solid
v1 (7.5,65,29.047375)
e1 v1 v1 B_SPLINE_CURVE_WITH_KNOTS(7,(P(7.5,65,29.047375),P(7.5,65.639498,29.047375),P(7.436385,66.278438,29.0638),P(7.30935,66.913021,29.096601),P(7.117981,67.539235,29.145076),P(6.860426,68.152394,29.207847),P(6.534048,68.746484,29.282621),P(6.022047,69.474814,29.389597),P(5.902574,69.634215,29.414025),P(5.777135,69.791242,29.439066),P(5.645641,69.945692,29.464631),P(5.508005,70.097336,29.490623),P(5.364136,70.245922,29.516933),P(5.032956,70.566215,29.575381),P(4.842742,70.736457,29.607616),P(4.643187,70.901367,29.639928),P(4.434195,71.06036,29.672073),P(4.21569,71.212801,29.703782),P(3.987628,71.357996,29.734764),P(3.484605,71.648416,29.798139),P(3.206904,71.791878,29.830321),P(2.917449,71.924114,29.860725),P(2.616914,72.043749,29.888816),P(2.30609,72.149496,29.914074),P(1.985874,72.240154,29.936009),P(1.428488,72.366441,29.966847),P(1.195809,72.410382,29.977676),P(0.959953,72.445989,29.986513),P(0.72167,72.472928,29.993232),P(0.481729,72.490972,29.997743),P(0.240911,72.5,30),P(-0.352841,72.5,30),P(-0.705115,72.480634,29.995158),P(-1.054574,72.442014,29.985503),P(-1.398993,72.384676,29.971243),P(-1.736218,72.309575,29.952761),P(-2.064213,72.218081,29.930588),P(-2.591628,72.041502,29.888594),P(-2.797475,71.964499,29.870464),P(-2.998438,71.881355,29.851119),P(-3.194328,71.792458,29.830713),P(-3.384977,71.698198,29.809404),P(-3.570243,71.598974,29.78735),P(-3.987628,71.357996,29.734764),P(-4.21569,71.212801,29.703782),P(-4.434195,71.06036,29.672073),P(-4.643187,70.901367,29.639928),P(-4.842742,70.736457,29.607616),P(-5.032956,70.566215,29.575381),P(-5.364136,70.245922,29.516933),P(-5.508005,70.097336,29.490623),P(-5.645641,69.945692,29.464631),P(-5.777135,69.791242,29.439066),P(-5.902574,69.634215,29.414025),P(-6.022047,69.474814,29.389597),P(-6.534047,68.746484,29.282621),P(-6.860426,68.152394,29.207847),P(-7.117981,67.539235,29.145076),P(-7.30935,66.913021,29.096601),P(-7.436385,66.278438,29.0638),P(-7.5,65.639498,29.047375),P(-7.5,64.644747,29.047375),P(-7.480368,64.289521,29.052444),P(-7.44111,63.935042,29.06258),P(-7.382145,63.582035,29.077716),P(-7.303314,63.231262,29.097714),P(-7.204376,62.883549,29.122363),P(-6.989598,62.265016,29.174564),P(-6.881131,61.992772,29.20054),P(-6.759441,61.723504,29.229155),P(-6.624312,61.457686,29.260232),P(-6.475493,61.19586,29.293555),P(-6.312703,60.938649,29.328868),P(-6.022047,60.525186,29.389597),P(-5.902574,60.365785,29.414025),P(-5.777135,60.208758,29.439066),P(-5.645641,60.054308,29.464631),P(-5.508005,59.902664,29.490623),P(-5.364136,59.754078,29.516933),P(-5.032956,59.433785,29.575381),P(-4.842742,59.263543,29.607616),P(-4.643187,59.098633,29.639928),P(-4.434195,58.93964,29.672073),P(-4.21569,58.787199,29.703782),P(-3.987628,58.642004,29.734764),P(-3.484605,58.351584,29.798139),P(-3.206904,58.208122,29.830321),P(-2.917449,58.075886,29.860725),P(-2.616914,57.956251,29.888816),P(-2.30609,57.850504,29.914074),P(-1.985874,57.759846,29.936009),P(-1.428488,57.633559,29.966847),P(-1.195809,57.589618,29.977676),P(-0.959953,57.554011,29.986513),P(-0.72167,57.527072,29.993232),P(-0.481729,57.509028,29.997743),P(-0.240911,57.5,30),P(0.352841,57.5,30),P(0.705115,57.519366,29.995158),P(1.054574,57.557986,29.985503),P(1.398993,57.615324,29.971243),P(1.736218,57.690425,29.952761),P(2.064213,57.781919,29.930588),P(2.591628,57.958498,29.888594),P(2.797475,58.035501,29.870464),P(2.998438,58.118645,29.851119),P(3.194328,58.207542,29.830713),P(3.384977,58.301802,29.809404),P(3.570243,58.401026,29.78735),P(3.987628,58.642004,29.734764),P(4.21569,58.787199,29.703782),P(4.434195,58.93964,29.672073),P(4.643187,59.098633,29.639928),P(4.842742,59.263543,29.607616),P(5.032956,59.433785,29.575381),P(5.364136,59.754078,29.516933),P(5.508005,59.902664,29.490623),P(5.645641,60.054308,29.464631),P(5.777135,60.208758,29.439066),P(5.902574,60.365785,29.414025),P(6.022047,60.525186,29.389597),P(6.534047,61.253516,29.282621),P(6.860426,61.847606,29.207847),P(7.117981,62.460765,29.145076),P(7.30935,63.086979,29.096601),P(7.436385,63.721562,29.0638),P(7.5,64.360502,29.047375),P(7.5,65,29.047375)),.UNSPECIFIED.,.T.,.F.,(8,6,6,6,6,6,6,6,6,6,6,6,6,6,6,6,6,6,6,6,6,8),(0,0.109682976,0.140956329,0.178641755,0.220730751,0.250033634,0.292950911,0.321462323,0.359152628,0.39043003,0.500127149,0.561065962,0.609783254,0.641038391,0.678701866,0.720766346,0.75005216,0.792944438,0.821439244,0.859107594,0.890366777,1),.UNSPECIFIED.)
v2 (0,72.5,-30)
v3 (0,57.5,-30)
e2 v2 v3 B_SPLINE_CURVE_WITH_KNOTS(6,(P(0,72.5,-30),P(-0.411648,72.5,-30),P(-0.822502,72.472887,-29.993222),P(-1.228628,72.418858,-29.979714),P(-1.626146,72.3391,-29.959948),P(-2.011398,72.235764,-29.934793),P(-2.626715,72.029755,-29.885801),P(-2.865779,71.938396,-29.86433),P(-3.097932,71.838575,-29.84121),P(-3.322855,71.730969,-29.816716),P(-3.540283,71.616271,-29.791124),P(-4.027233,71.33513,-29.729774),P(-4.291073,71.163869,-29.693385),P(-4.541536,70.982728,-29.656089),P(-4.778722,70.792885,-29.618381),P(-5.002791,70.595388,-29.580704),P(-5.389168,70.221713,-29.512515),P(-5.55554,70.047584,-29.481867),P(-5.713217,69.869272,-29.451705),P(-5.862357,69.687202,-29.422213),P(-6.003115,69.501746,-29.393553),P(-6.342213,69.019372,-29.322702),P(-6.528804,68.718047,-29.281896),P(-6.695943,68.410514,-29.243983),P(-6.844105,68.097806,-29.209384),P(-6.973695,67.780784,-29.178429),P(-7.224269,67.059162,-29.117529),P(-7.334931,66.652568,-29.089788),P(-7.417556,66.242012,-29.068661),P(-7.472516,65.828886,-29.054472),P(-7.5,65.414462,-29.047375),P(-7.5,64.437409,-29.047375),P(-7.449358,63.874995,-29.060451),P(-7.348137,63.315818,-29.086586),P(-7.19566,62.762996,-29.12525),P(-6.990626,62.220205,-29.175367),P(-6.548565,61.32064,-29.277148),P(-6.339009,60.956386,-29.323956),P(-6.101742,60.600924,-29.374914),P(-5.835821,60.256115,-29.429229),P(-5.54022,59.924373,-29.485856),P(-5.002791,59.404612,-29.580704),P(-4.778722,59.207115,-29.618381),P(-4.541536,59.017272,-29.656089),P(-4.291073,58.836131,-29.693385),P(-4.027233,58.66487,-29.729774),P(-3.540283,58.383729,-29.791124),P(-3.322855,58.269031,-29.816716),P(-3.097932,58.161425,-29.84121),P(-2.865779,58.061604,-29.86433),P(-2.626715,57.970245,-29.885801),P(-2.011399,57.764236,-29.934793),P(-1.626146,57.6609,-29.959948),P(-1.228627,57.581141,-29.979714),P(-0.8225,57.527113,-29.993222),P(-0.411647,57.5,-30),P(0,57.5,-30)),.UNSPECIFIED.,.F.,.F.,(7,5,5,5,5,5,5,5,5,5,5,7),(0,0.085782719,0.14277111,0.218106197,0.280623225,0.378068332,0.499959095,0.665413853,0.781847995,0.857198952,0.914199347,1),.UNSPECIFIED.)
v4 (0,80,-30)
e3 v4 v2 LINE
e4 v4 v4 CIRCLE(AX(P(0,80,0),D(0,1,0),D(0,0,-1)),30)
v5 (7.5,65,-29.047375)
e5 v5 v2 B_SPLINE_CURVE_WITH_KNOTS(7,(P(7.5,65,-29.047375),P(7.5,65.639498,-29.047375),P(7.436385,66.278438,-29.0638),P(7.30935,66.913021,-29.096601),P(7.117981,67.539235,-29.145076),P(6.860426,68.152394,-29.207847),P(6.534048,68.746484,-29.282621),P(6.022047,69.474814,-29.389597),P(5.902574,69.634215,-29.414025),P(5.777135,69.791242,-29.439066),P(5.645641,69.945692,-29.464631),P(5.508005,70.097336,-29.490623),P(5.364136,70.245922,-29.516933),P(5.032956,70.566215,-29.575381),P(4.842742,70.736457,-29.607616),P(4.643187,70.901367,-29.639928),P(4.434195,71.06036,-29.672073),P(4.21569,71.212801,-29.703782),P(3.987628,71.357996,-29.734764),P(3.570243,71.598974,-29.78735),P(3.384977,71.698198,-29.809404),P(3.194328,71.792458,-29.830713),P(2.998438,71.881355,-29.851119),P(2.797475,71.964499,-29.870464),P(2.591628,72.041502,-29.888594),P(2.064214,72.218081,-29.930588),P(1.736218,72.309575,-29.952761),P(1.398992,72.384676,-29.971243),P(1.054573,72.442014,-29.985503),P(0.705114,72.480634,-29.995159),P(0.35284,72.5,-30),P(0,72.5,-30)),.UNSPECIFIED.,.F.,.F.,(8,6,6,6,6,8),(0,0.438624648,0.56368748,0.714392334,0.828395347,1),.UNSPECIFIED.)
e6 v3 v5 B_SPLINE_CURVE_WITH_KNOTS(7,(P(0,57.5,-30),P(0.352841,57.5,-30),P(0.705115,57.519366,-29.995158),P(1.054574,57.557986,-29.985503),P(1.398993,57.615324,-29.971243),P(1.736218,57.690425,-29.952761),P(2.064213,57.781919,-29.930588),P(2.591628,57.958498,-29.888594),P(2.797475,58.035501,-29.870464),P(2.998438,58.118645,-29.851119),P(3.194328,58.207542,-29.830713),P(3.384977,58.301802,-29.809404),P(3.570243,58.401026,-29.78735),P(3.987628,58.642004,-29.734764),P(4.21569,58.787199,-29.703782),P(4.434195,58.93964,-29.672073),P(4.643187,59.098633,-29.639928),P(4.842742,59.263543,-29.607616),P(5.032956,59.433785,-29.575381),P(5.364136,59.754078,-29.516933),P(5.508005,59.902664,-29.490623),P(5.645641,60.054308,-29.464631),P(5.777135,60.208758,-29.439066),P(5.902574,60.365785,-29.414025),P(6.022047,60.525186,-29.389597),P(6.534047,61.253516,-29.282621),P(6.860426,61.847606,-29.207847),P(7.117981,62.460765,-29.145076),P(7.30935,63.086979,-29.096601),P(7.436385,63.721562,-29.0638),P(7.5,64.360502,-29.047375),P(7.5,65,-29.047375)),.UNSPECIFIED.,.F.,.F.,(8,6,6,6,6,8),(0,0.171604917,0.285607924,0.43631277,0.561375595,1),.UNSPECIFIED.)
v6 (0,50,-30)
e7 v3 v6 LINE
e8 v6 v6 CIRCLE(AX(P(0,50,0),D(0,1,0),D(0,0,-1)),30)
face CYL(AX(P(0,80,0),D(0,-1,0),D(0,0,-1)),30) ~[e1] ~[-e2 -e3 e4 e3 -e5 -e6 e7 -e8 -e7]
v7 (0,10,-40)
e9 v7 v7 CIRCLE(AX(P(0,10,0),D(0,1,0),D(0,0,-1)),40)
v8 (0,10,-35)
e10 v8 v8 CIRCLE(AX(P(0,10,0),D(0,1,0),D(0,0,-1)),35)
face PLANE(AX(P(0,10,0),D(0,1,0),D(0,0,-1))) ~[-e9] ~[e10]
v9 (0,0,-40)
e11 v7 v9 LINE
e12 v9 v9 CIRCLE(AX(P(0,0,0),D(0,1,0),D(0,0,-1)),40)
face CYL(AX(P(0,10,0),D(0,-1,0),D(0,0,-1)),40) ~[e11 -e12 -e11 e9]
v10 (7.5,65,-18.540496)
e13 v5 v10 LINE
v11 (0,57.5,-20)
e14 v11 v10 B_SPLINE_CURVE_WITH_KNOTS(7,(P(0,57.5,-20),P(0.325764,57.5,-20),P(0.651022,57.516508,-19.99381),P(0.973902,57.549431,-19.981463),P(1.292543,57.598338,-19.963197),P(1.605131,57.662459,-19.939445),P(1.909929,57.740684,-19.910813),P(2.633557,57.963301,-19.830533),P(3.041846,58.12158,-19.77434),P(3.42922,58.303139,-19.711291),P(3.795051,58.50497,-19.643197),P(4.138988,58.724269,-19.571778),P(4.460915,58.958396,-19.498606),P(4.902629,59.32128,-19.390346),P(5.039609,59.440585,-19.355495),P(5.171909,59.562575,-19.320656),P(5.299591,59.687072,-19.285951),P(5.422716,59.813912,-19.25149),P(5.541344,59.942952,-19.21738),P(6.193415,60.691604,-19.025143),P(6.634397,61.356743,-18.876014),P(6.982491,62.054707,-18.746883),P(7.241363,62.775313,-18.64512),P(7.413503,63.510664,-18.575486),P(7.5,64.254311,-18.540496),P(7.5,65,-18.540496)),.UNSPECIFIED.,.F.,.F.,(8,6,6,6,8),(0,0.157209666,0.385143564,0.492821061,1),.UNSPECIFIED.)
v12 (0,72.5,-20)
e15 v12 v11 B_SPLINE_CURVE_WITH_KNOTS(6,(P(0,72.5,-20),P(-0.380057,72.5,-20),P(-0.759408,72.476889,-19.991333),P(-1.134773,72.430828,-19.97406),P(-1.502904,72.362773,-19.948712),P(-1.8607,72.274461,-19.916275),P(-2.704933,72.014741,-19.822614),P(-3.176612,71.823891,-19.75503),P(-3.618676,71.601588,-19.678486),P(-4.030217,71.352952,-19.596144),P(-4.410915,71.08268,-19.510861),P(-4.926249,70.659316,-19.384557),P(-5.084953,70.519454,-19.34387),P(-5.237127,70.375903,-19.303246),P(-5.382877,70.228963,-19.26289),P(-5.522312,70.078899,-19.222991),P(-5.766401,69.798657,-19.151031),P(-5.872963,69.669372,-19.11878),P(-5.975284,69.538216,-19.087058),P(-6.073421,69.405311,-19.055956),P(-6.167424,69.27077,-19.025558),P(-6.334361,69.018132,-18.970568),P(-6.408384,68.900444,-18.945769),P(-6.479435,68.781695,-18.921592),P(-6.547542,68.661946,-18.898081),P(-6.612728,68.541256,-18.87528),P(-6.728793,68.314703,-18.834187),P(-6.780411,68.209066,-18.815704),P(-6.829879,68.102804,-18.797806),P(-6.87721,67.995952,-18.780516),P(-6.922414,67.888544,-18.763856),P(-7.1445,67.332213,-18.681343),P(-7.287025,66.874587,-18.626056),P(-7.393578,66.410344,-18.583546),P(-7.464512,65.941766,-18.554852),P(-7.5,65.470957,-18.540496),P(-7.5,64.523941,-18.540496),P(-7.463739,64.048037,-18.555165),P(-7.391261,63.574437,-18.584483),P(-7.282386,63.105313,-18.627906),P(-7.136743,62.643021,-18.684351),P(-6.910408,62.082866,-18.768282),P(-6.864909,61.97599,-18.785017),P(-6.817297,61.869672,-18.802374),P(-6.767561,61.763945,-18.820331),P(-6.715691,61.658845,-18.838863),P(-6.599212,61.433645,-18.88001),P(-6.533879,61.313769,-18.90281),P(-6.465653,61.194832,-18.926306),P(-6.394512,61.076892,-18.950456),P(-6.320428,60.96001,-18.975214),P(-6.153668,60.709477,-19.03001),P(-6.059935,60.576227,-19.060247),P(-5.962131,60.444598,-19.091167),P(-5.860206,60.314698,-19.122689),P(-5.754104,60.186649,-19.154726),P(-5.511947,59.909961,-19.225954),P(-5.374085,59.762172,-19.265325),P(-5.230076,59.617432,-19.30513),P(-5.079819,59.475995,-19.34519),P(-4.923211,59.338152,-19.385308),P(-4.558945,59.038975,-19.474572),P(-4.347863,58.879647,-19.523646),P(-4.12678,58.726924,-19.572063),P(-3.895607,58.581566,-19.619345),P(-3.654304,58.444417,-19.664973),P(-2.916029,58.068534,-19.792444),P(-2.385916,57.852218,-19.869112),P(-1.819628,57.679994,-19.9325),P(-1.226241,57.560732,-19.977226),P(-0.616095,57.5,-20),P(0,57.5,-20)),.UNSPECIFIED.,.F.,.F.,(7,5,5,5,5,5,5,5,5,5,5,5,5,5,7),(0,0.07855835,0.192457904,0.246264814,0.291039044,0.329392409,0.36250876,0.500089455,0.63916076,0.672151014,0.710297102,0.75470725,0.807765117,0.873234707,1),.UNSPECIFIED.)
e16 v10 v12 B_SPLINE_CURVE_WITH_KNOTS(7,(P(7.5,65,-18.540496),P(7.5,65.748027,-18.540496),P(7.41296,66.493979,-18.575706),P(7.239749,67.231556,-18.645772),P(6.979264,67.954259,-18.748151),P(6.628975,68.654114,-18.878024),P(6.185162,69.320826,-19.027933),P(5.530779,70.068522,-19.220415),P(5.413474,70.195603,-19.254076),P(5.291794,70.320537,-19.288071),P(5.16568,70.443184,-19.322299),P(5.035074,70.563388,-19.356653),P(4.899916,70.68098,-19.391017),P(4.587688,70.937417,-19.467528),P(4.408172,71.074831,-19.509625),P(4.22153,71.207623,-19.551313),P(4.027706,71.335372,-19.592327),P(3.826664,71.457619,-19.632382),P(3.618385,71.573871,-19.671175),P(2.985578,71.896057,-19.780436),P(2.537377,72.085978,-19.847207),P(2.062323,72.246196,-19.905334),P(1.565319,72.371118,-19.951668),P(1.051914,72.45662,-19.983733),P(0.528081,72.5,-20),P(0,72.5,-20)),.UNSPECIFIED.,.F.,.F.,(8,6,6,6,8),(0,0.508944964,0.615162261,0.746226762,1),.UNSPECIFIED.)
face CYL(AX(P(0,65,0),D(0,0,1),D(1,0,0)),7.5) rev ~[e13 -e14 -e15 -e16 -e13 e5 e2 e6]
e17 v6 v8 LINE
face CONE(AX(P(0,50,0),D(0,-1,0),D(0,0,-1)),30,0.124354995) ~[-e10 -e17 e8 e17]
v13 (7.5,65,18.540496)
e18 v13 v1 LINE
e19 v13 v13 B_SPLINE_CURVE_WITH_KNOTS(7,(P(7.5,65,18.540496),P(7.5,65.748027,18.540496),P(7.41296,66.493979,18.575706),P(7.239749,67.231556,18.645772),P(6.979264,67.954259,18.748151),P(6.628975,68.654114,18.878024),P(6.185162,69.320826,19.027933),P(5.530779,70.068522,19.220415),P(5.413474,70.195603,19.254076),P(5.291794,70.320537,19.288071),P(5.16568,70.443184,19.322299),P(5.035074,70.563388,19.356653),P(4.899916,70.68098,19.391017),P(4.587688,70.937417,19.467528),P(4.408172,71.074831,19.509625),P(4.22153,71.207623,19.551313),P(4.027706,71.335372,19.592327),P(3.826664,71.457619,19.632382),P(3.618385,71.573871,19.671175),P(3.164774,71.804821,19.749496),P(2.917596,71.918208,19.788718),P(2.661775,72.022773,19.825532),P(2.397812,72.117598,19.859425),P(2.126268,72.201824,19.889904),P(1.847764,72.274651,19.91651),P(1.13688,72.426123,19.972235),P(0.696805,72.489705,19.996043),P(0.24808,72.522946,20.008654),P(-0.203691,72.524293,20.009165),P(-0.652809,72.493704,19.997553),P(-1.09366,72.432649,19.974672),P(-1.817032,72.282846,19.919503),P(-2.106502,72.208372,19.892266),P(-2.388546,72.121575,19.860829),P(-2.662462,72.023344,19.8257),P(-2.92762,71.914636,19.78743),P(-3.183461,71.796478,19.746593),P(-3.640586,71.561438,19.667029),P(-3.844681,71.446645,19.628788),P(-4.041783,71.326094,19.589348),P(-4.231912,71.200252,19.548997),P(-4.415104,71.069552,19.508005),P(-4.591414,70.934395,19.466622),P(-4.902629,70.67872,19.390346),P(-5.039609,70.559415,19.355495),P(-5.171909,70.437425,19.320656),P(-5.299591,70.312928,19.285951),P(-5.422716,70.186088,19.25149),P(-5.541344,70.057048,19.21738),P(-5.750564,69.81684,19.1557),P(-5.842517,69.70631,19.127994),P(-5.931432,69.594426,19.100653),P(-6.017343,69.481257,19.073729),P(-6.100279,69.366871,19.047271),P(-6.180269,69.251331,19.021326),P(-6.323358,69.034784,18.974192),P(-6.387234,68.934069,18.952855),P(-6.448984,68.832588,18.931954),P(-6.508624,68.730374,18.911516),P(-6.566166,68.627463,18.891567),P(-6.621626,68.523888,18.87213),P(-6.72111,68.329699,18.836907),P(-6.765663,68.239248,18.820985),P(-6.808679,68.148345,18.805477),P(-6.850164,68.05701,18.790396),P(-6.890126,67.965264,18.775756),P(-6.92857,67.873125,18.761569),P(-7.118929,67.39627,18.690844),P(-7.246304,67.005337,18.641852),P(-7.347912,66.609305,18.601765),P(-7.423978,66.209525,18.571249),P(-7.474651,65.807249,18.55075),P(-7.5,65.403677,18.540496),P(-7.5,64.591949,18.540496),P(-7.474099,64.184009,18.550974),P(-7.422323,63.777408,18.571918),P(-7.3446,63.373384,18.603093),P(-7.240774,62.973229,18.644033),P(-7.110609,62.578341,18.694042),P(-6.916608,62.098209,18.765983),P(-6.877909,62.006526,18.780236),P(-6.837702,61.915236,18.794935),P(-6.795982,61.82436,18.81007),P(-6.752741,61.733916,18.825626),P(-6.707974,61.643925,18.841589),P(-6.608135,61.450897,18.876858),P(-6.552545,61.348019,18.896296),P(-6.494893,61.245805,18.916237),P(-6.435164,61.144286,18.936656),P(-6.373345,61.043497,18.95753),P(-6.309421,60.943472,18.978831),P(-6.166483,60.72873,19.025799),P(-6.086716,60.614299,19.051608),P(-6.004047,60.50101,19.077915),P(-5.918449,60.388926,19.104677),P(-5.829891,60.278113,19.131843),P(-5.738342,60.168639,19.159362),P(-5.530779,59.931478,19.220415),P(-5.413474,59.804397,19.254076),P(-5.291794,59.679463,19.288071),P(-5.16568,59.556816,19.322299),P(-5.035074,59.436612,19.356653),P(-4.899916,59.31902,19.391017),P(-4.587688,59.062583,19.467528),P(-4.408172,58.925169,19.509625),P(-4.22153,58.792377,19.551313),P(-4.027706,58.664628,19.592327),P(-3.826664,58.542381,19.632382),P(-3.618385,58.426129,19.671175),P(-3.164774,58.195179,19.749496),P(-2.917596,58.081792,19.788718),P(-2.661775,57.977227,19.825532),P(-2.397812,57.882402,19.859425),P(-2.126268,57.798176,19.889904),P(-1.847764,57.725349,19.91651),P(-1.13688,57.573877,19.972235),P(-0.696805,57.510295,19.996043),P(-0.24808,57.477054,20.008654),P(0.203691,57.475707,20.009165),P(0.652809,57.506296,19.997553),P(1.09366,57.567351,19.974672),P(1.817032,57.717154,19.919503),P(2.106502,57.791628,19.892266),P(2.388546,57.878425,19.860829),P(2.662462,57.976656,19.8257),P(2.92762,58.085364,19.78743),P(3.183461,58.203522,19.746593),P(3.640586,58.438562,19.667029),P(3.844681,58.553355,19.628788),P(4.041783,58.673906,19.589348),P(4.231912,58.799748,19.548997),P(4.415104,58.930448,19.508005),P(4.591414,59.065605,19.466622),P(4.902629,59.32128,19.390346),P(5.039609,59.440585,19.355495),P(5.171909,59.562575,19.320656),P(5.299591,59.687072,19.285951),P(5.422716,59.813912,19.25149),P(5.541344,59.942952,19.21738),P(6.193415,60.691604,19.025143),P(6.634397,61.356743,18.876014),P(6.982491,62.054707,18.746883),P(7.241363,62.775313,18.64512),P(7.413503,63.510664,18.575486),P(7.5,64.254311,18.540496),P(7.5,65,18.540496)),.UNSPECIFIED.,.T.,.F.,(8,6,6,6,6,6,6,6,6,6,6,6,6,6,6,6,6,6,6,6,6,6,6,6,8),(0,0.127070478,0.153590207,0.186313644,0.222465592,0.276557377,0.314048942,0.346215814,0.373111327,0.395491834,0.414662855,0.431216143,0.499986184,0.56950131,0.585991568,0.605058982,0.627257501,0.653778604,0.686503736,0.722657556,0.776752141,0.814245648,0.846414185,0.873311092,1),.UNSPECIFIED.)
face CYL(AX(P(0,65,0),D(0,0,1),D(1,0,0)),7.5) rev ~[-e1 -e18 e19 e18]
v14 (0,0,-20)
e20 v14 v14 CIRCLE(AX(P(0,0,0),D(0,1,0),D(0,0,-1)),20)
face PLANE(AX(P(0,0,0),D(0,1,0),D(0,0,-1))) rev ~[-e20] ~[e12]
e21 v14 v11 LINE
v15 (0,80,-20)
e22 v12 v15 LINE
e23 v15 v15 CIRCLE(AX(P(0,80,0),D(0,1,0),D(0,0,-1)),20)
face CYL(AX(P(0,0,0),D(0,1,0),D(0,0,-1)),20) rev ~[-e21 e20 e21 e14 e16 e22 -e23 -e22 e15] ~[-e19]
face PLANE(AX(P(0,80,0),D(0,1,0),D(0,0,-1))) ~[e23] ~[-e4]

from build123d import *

# Parameters (mm, degrees)
SKETCH2_R          = 7.5
CUT_EXTRUDE1_DEPTH = 35


with BuildPart() as part:
    # Sketch1 → Revolve1 (revolve)
    with BuildSketch(Plane.XY, mode=Mode.PRIVATE) as revolve1_sk:
        Polygon((20, 0), (20, 80), (30, 80), (30, 50), (35, 10), (40, 10), (40, 0), align=None)
    revolve(revolve1_sk.sketch.rotate(Axis((0, 0, 0), (0, 1, 0)), 90), axis=Axis((0, 0, 0), (0, 1, 0)))

    # Sketch2 → Cut-Extrude1 (cut, symmetric)
    with BuildSketch(Plane.XY):
        with Locations((0, 65)):
            Circle(SKETCH2_R)
    extrude(amount=CUT_EXTRUDE1_DEPTH, both=True, mode=Mode.SUBTRACT)


solid = part.part
